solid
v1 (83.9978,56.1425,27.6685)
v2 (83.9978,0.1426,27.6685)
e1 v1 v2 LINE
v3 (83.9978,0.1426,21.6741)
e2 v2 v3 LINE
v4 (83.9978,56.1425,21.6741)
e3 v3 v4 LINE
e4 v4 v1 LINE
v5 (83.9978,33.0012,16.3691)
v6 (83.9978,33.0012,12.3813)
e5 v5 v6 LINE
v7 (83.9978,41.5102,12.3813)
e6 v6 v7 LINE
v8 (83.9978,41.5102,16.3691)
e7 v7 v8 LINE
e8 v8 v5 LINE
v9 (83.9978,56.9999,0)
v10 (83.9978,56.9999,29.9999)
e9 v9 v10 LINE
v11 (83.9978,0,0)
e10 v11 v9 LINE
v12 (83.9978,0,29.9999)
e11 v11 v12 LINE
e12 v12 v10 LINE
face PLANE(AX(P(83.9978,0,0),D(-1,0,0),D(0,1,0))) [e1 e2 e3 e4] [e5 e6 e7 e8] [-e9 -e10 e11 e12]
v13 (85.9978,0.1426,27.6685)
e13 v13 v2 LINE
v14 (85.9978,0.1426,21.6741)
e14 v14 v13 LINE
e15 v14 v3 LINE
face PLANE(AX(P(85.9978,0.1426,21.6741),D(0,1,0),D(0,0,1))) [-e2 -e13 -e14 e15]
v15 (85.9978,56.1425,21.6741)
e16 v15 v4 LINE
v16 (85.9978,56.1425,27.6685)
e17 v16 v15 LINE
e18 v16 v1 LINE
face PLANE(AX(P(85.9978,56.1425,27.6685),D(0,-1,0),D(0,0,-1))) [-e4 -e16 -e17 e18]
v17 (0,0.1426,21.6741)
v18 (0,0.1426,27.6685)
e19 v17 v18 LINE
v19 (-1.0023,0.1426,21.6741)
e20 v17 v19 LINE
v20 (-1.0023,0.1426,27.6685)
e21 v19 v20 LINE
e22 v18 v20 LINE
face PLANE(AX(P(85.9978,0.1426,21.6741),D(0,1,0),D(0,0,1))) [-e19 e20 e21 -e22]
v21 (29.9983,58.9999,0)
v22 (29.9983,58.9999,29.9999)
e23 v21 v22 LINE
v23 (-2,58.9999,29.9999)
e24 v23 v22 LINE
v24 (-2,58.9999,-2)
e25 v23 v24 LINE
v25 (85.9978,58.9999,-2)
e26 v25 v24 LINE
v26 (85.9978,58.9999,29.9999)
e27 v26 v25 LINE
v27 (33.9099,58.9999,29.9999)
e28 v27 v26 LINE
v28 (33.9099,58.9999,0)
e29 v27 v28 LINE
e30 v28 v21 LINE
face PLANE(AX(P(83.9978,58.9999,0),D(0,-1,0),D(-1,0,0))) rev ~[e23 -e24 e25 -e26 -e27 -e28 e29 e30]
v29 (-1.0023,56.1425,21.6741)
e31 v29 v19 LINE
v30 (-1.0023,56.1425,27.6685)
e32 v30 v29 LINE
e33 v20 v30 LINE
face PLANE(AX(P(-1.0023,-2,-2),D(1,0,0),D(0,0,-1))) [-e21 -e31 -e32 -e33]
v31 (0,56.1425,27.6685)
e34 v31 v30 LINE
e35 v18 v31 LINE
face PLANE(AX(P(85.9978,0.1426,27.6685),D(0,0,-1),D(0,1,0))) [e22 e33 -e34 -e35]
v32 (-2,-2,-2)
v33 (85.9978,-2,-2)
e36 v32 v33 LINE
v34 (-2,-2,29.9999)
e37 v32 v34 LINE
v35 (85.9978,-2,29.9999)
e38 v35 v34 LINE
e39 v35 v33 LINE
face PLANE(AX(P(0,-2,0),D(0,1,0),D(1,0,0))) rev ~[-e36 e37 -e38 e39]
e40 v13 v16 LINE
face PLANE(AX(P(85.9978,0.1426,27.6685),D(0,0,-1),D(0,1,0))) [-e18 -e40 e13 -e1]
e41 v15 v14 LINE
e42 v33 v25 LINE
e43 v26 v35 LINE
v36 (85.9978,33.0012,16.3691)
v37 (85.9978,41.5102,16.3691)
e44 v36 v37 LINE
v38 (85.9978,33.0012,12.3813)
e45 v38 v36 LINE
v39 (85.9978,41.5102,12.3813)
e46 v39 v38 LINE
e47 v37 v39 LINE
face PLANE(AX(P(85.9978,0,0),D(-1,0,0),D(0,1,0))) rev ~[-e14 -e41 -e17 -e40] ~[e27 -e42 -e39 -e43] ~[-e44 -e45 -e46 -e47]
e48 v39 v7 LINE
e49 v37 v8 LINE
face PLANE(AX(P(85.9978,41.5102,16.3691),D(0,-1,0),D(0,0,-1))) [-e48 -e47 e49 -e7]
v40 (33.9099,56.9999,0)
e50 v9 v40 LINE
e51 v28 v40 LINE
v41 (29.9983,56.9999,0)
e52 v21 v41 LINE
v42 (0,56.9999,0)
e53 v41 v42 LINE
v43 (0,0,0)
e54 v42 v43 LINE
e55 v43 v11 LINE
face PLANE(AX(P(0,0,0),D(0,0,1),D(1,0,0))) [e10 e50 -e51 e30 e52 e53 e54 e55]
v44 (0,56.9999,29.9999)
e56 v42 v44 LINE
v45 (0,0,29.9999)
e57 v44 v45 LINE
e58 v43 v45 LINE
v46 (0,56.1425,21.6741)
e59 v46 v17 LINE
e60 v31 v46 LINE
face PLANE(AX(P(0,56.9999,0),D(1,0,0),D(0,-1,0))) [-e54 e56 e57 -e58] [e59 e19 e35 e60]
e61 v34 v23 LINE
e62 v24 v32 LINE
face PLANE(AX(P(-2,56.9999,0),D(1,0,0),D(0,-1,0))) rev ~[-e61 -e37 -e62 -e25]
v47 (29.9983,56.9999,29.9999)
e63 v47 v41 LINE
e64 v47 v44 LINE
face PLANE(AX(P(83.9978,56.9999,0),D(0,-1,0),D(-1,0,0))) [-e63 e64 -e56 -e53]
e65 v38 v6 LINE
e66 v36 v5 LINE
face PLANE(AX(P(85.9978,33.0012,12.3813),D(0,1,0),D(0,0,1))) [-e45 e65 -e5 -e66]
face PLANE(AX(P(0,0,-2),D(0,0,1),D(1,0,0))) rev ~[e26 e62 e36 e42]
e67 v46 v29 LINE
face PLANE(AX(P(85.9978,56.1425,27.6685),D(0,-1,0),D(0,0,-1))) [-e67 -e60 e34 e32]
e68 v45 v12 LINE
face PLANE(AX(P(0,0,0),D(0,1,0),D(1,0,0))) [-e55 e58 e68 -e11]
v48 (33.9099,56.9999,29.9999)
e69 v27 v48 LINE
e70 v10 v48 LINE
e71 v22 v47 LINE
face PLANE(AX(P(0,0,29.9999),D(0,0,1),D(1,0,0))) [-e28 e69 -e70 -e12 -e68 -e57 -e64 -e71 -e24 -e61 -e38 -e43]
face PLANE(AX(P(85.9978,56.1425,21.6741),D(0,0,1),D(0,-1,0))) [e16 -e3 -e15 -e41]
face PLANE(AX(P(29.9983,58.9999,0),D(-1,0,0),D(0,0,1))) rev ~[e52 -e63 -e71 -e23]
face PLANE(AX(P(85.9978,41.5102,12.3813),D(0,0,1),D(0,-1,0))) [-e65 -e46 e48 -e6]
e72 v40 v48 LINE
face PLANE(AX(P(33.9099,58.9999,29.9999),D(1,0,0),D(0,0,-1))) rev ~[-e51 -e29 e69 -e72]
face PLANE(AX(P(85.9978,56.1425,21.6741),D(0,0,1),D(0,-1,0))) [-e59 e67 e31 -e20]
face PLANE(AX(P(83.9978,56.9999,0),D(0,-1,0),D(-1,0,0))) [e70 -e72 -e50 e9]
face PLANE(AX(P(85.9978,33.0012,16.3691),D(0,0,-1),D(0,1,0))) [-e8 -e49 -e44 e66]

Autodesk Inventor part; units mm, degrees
ref_plane "YZ Plane" through (0, 0, 0) normal (1, 0, 0) x (0, 1, 0)
ref_plane "XZ Plane" through (0, 0, 0) normal (0, 1, 0) x (-1, 0, 0)
ref_plane "XY Plane" through (0, 0, 0) normal (0, 0, 1) x (1, 0, 0)
sketch "Sketch1" plane through (0, 0, 0) normal (0, 0, 1) x (1, 0, 0)
  line L0 (0, 0) -> (83.9978, 0)
  line L1 (83.9978, 0) -> (83.9978, 56.9999)
  line L2 (83.9978, 56.9999) -> (0, 56.9999)
  line L3 (0, 56.9999) -> (0, 0)
  dimension "d0" = 83.9978
  dimension "d1" = 56.9999
extrude "Extrusion1" add sketch "Sketch1" along normal blind 29.9999
shell "Shell1" thickness 2 outward yes removed faces 1 at (27.9993, 37.9999, 29.9999)
sketch "Sketch2" plane through (85.9978, -2, -2) normal (1, 0, 0) x (0, 0, -1)
  point P0 (-2, 2)
sketch "Sketch3" plane through (85.9978, -2, -2) normal (1, 0, 0) x (0, 0, -1)
  line L0 (-2, 58.9999) -> (-31.9999, 58.9999) projected
  line L1 (-29.6685, 58.1425) -> (-23.6741, 58.1425)
  line L2 (-23.6741, 58.1425) -> (-23.6741, 2.1426)
  line L3 (-23.6741, 2.1426) -> (-29.6685, 2.1426)
  line L4 (-29.6685, 2.1426) -> (-29.6685, 58.1425)
  point P0 (-2, 2)
  dimension "d5" = 5.9944
  dimension "d6" = 55.9999
extrude "Extrusion2" cut sketch "Sketch3" against normal blind 87.0001
sketch "Sketch4" plane through (85.9978, -2, -2) normal (1, 0, 0) x (0, 0, -1)
  line L0 (-14.3813, 35.0012) -> (-18.3691, 35.0012)
  line L1 (-18.3691, 35.0012) -> (-18.3691, 43.5102)
  line L2 (-18.3691, 43.5102) -> (-14.3813, 43.5102)
  line L3 (-14.3813, 43.5102) -> (-14.3813, 35.0012)
  point P0 (-2, 2)
  point P1 (-13.7922, 50.8)
  dimension "d9" = 3.9878
  dimension "d10" = 8.509
extrude "Extrusion3" cut sketch "Sketch4" against normal blind 12.7
sketch "Sketch5" plane through (-2, 58.9999, -2) normal (0, 1, 0) x (1, 0, 0)
  line L0 (85.9978, -31.9999) -> (2, -31.9999) projected
  line L1 (31.9983, -31.9999) -> (35.9099, -31.9999)
  line L2 (35.9099, -31.9999) -> (35.9099, -2)
  line L3 (35.9099, -2) -> (31.9983, -2)
  line L4 (31.9983, -2) -> (31.9983, -31.9999)
  point P0 (2, -2)
  dimension "d13" = 3.9116
extrude "Extrusion4" cut sketch "Sketch5" against normal blind 12.7
properties part number "case-v3"
